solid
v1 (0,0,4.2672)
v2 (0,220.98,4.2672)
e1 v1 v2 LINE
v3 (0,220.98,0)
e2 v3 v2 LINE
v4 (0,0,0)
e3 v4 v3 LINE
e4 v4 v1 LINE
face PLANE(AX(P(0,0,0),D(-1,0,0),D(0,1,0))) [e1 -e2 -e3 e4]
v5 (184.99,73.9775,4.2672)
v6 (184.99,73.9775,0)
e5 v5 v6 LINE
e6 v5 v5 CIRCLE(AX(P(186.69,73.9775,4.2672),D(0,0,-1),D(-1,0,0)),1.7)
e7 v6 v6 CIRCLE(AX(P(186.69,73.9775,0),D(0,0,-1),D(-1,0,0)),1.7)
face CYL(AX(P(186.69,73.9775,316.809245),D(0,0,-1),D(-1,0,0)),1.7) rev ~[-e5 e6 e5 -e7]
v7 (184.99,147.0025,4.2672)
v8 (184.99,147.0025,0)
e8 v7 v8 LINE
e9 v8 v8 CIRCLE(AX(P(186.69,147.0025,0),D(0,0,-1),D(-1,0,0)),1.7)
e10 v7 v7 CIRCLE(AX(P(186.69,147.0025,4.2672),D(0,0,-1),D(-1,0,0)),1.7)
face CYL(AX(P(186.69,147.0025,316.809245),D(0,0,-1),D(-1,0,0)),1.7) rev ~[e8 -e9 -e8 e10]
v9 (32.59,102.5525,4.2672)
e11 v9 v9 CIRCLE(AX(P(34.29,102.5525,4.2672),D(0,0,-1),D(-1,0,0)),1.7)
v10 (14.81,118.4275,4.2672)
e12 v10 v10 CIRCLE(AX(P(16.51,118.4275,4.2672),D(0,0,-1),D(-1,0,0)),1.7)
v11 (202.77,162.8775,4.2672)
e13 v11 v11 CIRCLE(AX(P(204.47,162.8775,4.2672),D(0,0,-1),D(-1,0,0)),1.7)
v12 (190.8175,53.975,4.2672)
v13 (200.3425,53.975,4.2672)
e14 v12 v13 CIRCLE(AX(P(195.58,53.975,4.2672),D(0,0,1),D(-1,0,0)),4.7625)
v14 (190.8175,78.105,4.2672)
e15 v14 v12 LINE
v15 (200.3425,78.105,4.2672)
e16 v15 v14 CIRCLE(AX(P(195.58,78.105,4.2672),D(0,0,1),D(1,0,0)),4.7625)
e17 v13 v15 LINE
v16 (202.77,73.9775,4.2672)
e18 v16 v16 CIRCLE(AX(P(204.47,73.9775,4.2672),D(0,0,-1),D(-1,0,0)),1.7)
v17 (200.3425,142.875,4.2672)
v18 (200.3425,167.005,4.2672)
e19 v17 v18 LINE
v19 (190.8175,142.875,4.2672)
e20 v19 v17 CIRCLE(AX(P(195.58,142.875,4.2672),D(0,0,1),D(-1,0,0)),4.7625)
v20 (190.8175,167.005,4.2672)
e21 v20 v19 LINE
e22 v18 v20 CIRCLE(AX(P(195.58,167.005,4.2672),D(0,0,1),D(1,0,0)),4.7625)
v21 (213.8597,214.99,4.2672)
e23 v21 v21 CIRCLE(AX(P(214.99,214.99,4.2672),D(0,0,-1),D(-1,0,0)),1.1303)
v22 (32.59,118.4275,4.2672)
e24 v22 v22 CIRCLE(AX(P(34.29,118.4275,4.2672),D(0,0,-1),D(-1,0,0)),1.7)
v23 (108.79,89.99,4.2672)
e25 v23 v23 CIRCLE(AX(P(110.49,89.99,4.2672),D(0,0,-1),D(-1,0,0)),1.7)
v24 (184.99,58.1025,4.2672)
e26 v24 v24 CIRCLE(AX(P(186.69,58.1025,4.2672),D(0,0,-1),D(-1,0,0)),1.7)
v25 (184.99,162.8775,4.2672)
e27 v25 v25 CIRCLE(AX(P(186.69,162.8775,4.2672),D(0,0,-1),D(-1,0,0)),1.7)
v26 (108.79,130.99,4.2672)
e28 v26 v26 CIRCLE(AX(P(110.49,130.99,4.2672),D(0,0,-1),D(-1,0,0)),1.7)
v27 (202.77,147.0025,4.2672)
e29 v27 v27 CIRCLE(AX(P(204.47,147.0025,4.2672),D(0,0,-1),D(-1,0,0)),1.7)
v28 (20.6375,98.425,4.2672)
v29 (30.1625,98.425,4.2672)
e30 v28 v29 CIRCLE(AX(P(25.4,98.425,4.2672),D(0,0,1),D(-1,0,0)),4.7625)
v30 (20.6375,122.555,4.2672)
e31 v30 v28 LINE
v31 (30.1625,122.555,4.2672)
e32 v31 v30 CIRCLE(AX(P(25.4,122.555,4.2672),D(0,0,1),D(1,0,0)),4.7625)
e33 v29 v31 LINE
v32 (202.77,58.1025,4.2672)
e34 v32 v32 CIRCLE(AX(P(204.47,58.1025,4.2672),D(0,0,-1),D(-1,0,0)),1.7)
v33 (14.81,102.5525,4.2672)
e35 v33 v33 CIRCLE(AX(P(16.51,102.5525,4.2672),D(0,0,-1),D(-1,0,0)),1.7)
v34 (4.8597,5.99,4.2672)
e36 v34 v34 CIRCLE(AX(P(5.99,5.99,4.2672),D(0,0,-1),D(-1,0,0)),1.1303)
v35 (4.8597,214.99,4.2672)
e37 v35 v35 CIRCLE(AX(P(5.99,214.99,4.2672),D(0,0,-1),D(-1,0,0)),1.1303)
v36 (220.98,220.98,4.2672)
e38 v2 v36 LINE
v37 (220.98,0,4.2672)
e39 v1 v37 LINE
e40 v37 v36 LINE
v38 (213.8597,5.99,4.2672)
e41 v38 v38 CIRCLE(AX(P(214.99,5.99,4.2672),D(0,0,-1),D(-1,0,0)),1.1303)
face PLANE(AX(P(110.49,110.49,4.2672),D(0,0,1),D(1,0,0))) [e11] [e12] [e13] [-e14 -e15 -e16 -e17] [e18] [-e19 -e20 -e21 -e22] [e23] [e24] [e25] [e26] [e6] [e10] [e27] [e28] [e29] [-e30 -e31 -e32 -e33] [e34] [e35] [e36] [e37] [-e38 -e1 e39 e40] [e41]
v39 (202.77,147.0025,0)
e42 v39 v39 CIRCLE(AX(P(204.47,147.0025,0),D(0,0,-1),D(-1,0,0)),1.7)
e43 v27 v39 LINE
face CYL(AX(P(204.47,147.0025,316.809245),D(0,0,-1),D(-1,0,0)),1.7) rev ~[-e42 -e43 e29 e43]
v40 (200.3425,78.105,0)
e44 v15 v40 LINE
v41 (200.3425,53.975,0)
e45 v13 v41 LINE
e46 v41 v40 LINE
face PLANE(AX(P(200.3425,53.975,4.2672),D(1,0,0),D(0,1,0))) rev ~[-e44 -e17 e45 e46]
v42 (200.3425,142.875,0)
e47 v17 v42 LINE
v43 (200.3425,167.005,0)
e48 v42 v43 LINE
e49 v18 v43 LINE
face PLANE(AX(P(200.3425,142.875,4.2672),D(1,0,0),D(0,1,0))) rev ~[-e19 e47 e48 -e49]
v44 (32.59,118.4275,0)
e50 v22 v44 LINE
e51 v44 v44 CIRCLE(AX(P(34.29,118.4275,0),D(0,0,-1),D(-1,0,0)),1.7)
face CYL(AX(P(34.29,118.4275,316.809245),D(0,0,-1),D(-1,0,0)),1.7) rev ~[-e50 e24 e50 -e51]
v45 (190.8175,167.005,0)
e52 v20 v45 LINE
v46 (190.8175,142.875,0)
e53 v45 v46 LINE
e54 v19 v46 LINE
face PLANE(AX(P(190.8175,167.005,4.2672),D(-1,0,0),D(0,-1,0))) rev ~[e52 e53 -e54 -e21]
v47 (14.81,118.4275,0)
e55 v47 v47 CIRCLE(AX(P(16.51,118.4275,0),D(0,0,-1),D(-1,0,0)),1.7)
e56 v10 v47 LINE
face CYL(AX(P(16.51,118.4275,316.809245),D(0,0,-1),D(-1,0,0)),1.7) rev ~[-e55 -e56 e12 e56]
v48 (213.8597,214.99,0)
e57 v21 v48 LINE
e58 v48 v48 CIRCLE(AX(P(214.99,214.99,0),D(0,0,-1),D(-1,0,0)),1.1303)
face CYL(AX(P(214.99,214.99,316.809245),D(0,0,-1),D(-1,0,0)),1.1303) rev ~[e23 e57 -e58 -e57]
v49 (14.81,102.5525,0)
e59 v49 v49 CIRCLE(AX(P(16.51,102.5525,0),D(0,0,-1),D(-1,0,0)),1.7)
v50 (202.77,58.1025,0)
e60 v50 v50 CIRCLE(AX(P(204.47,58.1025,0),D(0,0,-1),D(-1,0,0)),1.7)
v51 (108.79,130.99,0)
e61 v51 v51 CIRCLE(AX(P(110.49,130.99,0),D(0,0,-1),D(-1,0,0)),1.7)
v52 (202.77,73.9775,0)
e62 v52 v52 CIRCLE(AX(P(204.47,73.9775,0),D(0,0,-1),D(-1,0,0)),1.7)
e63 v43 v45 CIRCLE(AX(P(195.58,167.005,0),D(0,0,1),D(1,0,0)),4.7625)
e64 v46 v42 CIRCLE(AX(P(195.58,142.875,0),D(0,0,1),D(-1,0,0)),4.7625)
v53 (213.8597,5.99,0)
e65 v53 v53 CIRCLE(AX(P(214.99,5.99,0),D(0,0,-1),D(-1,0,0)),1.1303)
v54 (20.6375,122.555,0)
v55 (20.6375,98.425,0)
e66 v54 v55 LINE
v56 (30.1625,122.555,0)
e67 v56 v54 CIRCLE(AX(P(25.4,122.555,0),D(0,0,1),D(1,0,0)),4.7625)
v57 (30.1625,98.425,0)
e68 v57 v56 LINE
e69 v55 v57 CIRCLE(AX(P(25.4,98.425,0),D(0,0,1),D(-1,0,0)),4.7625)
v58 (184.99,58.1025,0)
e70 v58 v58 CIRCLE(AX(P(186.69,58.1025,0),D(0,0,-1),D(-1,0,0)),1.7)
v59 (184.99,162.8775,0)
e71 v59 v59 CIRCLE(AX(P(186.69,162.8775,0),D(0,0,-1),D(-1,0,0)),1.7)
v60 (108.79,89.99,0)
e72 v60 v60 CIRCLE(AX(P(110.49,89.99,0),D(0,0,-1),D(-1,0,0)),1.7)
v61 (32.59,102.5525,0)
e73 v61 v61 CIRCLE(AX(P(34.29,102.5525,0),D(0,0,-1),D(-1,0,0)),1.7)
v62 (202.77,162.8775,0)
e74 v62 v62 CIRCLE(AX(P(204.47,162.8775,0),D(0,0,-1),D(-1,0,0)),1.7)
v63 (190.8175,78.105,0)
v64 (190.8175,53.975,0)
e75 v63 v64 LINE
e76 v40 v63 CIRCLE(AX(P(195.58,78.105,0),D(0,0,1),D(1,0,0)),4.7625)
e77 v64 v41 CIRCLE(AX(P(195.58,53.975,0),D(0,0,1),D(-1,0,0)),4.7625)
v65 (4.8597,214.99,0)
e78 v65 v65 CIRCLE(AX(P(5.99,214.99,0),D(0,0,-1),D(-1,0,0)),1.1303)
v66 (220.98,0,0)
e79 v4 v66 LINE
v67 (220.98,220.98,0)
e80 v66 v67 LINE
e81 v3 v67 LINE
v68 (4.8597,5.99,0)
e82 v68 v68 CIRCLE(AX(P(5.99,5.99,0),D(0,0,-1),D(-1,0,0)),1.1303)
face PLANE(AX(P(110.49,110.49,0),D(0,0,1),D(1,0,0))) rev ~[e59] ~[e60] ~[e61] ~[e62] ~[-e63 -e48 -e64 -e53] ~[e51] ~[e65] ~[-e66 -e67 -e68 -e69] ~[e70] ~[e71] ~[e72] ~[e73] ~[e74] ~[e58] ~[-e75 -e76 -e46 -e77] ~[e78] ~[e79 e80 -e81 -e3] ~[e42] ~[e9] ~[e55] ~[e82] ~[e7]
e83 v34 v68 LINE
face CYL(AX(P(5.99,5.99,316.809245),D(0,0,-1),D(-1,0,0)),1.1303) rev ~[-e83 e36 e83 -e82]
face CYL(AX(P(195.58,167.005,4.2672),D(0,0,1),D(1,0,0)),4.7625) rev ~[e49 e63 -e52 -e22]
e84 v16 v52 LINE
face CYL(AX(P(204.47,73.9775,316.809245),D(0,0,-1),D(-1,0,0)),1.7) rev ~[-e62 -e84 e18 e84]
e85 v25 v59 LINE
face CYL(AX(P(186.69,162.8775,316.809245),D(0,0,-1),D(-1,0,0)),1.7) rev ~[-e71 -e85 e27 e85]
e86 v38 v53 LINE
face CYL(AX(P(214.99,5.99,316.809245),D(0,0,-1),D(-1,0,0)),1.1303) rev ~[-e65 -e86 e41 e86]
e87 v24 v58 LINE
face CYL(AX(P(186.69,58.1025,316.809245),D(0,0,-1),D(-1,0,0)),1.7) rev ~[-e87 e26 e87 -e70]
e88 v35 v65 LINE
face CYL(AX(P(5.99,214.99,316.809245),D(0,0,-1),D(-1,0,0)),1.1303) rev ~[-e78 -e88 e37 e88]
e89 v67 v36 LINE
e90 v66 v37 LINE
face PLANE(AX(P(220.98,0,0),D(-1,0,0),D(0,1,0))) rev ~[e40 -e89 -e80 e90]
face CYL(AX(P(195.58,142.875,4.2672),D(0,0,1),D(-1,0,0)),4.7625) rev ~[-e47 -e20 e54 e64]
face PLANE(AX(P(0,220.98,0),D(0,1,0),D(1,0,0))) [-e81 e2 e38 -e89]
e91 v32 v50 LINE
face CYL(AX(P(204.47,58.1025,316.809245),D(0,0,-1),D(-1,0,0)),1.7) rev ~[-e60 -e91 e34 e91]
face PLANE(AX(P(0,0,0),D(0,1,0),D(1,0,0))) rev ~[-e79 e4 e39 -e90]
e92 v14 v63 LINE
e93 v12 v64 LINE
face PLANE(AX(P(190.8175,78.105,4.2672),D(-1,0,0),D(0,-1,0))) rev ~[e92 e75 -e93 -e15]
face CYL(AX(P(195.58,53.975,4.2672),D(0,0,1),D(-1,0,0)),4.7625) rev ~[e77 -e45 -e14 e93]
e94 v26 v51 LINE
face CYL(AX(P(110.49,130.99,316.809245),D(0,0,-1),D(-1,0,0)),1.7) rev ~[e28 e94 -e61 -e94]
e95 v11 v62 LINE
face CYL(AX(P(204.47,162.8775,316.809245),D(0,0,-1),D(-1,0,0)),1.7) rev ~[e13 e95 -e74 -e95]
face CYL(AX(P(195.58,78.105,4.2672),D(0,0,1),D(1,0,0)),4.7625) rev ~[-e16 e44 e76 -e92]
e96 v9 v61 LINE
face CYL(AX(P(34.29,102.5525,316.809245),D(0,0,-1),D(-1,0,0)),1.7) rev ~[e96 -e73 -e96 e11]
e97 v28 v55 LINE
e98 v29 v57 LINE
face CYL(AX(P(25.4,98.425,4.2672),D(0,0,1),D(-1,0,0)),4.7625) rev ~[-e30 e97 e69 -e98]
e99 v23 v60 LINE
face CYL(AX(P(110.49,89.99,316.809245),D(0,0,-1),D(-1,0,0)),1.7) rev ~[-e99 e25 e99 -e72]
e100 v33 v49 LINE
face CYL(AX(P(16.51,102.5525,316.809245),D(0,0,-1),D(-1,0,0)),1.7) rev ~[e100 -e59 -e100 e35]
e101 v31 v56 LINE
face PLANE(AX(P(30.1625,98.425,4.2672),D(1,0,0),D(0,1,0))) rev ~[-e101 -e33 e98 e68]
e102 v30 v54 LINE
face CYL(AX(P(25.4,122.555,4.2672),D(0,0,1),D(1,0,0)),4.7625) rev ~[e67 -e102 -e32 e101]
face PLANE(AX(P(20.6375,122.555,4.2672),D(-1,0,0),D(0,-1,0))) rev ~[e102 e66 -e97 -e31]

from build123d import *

# Parameters (mm, degrees)
F0_W     = 220.98
F0_H     = 220.98
F1_DEPTH = 4.2672
F3_D     = 2.2606
F5_DEPTH = 4.2682
F7_D     = 3.4
F9_D     = 3.4


with BuildPart() as f1:
    # F0 (on Top) → F1 (new body)
    with BuildSketch(Plane.XY):
        with Locations((110.49, 110.49)):
            Rectangle(F0_W, F0_H)
    extrude(amount=F1_DEPTH)

    # F3 (through all)
    with Locations(Plane.XY.offset(4.2672)):
        with Locations((5.99, 214.99), (214.99, 214.99), (214.99, 5.99), (5.99, 5.99)):
            Hole(F3_D / 2)

    # F4 (on face) → F5 (cut, through all)
    with BuildSketch(Plane.XY.offset(4.2672)):
        with BuildLine():
            ThreePointArc((30.1625, 122.555), (25.4, 127.3175), (20.6375, 122.555))
            Line((20.6375, 122.555), (20.6375, 98.425))
            ThreePointArc((20.6375, 98.425), (25.4, 93.6625), (30.1625, 98.425))
            Line((30.1625, 98.425), (30.1625, 122.555))
        make_face()
        with BuildLine():
            ThreePointArc((200.3425, 78.105), (195.58, 82.8675), (190.8175, 78.105))
            Line((190.8175, 78.105), (190.8175, 53.975))
            ThreePointArc((190.8175, 53.975), (195.58, 49.2125), (200.3425, 53.975))
            Line((200.3425, 53.975), (200.3425, 78.105))
        make_face()
        with BuildLine():
            Line((200.3425, 142.875), (200.3425, 167.005))
            ThreePointArc((200.3425, 167.005), (195.58, 171.7675), (190.8175, 167.005))
            Line((190.8175, 167.005), (190.8175, 142.875))
            ThreePointArc((190.8175, 142.875), (195.58, 138.1125), (200.3425, 142.875))
        make_face()
    extrude(amount=-F5_DEPTH, mode=Mode.SUBTRACT)

    # F7 (through all)
    with Locations(Plane.XY.offset(4.2672)):
        with Locations((110.49, 130.99), (110.49, 89.99)):
            Hole(F7_D / 2)

    # F9 (through all)
    with Locations(Plane.XY.offset(4.2672)):
        with Locations((16.51, 118.4275), (16.51, 102.5525), (34.29, 118.4275), (34.29, 102.5525), (204.47, 162.8775), (186.69, 147.0025), (186.69, 162.8775), (204.47, 147.0025), (204.47, 73.9775), (186.69, 58.1025), (204.47, 58.1025), (186.69, 73.9775)):
            Hole(F9_D / 2)


solid = f1.part
